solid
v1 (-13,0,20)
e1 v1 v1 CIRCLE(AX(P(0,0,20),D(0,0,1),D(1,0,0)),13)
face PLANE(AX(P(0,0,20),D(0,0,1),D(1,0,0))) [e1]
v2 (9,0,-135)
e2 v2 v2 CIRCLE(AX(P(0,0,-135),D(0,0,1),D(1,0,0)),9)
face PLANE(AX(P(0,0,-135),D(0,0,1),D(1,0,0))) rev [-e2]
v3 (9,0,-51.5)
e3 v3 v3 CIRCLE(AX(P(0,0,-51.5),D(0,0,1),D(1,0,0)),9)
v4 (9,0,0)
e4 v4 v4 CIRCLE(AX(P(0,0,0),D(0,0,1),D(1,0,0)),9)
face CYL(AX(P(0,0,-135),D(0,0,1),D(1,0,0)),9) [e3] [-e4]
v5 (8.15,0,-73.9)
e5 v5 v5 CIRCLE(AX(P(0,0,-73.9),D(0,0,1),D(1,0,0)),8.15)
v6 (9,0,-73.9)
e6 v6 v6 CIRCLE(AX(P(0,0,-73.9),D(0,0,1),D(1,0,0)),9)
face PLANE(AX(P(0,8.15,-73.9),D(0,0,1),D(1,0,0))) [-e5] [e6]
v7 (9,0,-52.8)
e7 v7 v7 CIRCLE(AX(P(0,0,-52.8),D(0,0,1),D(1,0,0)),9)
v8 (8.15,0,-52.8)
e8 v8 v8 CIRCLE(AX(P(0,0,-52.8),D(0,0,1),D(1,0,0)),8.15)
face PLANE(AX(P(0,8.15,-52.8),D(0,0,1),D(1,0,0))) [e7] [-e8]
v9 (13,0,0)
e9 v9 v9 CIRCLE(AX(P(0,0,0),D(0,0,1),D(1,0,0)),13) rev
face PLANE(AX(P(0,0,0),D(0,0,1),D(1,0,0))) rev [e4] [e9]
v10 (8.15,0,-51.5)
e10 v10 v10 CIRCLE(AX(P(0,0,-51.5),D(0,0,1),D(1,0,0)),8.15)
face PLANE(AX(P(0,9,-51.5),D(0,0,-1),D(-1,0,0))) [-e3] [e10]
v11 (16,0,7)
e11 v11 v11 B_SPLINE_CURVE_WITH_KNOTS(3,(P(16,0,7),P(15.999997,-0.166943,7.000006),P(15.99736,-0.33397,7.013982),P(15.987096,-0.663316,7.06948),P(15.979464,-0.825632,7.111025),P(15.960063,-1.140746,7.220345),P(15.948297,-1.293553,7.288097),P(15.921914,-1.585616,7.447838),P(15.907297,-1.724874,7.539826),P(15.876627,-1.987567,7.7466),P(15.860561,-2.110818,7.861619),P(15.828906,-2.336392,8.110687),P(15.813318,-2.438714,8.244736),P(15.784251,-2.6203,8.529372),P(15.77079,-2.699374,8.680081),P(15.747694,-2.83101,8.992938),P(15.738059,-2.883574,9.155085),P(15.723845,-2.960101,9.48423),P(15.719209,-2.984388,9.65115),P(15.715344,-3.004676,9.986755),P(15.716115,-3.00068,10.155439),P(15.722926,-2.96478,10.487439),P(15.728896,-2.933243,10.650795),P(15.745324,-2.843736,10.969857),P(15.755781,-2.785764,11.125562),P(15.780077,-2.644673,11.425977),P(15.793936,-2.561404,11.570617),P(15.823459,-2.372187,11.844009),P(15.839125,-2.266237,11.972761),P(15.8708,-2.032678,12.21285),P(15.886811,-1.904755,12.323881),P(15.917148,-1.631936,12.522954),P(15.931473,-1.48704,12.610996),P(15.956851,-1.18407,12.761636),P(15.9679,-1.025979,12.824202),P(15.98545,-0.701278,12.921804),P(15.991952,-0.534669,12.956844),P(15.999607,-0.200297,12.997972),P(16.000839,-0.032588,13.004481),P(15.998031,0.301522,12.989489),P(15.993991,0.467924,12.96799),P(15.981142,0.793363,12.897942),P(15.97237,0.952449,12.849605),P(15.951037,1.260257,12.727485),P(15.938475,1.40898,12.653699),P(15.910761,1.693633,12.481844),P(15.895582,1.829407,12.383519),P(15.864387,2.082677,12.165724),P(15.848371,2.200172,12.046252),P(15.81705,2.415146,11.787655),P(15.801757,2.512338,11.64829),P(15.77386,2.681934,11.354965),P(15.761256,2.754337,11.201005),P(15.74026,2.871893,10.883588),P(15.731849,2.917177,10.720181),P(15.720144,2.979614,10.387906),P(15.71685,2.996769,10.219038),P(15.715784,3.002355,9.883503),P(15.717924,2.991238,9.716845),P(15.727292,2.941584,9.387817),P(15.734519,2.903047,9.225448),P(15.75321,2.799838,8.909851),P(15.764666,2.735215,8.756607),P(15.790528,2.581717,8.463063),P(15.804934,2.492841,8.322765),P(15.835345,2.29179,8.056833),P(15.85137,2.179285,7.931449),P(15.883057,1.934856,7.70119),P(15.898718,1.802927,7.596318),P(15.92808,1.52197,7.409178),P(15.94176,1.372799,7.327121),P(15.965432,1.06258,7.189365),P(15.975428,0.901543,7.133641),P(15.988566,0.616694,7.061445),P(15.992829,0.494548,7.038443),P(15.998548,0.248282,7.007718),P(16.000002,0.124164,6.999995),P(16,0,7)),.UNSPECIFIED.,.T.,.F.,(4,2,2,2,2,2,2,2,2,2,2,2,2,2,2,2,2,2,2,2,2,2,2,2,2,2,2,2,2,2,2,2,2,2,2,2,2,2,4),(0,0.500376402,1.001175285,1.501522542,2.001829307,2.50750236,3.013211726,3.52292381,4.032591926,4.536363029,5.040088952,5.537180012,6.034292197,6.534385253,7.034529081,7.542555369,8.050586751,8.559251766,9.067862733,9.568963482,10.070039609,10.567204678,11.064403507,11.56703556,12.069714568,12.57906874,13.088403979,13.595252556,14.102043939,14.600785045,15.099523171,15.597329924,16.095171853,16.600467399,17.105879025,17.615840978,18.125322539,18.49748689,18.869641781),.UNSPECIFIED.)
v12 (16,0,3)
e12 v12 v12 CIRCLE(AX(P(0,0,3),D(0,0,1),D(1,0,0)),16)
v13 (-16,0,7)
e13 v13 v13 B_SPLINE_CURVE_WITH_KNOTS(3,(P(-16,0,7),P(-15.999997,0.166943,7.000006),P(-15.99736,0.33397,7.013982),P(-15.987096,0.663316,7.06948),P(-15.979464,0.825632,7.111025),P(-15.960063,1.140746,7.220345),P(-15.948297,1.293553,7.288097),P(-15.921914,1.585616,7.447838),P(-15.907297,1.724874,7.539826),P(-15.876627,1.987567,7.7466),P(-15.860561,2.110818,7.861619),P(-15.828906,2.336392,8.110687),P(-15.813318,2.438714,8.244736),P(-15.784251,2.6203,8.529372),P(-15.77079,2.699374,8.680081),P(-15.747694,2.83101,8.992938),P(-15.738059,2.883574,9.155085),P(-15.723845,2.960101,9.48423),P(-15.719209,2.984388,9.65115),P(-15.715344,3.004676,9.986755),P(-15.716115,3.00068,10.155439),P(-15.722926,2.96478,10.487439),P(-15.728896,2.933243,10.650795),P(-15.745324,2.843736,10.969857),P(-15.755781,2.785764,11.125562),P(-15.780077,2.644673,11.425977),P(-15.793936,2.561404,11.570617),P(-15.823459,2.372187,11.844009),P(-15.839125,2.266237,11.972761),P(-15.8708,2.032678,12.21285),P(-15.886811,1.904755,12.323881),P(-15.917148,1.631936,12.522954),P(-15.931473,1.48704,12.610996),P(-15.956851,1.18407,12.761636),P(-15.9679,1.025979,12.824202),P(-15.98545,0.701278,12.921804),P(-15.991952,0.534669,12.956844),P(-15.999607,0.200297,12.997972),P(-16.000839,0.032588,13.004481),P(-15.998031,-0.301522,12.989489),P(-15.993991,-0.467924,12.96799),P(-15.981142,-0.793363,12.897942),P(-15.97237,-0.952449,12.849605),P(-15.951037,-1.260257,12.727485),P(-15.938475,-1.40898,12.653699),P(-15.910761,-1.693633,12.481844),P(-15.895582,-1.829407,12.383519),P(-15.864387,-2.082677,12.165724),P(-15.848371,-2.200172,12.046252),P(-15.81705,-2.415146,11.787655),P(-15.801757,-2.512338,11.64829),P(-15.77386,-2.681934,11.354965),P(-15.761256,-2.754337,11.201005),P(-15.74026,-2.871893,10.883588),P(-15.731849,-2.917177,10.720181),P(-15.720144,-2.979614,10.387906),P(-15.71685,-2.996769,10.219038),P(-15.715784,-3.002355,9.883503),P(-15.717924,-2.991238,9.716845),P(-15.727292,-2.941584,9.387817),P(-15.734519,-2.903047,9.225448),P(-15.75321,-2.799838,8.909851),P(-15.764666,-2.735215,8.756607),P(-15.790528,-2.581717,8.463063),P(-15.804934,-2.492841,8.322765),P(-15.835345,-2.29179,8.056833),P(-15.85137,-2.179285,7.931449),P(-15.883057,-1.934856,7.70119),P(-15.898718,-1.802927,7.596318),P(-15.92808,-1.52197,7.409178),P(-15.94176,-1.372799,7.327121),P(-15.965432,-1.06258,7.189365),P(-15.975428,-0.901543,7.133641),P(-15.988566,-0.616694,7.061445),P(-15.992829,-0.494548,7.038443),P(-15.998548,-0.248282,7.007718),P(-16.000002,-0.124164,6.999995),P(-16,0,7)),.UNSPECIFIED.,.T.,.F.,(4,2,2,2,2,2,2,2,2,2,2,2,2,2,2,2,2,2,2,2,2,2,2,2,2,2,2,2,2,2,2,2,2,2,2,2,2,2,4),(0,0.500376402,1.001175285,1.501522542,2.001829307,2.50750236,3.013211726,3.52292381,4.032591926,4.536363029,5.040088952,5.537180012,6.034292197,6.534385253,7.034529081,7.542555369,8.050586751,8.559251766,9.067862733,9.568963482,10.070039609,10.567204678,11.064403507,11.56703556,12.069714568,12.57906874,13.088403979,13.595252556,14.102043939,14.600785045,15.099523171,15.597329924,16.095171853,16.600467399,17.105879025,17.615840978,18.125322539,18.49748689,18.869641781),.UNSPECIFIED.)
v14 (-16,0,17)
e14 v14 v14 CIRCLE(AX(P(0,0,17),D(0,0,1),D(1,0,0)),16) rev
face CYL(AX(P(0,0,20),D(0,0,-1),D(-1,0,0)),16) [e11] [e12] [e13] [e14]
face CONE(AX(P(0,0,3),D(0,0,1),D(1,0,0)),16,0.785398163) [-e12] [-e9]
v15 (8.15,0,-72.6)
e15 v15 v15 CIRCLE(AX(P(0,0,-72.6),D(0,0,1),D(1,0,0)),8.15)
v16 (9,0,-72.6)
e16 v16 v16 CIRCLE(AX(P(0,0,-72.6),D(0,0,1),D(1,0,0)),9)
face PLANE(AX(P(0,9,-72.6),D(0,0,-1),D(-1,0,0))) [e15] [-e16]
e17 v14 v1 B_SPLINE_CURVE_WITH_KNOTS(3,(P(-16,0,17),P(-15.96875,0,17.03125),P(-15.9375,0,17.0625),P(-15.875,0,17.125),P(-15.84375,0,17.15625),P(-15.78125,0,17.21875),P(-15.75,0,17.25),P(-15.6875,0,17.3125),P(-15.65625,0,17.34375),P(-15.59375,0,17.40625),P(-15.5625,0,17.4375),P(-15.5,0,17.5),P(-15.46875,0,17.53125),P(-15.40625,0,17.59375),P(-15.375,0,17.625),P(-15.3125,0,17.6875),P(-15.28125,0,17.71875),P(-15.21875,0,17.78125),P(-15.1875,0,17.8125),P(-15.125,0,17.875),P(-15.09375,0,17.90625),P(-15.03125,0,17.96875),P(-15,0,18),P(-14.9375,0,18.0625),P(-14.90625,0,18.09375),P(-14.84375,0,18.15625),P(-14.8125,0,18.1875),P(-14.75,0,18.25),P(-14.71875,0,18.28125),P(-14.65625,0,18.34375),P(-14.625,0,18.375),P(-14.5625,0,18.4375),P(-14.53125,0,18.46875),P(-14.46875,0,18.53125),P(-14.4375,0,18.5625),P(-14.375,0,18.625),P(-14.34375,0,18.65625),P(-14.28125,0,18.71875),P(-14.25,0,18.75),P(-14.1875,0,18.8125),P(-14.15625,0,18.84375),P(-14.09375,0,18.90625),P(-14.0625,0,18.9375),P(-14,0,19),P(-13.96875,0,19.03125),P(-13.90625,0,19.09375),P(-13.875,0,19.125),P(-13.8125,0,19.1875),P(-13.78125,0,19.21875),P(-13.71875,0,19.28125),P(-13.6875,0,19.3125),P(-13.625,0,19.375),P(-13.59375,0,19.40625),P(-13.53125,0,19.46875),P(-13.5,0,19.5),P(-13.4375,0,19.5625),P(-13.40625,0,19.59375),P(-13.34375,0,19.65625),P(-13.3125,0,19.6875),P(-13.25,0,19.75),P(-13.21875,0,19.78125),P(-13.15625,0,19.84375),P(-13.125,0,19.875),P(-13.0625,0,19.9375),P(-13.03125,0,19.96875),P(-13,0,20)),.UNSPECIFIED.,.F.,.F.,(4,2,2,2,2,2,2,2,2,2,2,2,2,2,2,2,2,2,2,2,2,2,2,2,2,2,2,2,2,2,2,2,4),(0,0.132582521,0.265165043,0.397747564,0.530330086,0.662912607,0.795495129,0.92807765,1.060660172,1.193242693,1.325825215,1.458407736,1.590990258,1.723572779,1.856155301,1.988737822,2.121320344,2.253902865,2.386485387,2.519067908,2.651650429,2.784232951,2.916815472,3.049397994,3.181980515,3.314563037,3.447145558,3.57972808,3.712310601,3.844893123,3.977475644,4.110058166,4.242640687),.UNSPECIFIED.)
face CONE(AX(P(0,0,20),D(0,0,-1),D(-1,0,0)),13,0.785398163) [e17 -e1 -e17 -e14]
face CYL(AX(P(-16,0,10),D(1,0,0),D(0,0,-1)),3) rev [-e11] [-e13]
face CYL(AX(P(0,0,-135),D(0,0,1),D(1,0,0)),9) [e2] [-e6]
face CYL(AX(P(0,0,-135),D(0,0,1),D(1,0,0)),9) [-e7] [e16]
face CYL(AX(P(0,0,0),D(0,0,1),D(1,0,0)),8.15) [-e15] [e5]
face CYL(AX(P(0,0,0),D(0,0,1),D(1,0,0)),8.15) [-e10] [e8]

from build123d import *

# Parameters (mm, degrees)
SCHIZZO1_R                    = 16
ESTRUSIONE_ESTRUSIONE1_DEPTH  = 20
SMUSSO1_SIZE                  = 3
TAGLIO_ESTRUSIONE1_DEPTH      = 31.199337741
TAGLIO_ESTRUSIONE1_DEPTH_BACK = 31.199337741
SCHIZZO2_R                    = 3
SCHIZZO3_R                    = 9
ESTRUSIONE_ESTRUSIONE2_DEPTH  = 135
SCHIZZO4_W                    = 1.3
SCHIZZO4_H                    = 0.85


with BuildPart() as part:
    # Schizzo1 → Estrusione-Estrusione1 (new body)
    with BuildSketch(Plane.XY):
        Circle(SCHIZZO1_R)
    extrude(amount=ESTRUSIONE_ESTRUSIONE1_DEPTH)

    # Smusso1
    smusso1_edges = [part.edges().sort_by_distance(p)[0] for p in [
        (-16, 0, 0),
        (-16, 0, 20),
    ]]
    chamfer(smusso1_edges, length=SMUSSO1_SIZE)

    # Schizzo2 → Taglio-Estrusione1 (cut, two sides: drawn at the far end of the back side and taken through both)
    with BuildSketch(Plane(origin=(0, 0, 0), x_dir=(0, 0, -1), z_dir=(1, 0, 0)).offset(-TAGLIO_ESTRUSIONE1_DEPTH_BACK)):
        with Locations((-10, 0)):
            Circle(SCHIZZO2_R)
    extrude(amount=TAGLIO_ESTRUSIONE1_DEPTH + TAGLIO_ESTRUSIONE1_DEPTH_BACK, mode=Mode.SUBTRACT)

    # Schizzo3 → Estrusione-Estrusione2 (add)
    with BuildSketch(Plane.XY):
        Circle(SCHIZZO3_R)
    extrude(amount=-ESTRUSIONE_ESTRUSIONE2_DEPTH)

    # Schizzo4 → Taglia-Rivoluzione1 (revolve, cut)
    with BuildSketch(Plane(origin=(0, 0, 0), x_dir=(0, 0, -1), z_dir=(1, 0, 0)), mode=Mode.PRIVATE) as taglia_rivoluzione1_sk:
        with Locations((52.15, 8.575)):
            Rectangle(SCHIZZO4_W, SCHIZZO4_H)
        with Locations((73.25, 8.575)):
            Rectangle(SCHIZZO4_W, SCHIZZO4_H)
    revolve(taglia_rivoluzione1_sk.sketch.rotate(Axis((0, 0, 0), (0, 0, -1)), 90), axis=Axis((0, 0, 0), (0, 0, -1)), mode=Mode.SUBTRACT)


solid = part.part
